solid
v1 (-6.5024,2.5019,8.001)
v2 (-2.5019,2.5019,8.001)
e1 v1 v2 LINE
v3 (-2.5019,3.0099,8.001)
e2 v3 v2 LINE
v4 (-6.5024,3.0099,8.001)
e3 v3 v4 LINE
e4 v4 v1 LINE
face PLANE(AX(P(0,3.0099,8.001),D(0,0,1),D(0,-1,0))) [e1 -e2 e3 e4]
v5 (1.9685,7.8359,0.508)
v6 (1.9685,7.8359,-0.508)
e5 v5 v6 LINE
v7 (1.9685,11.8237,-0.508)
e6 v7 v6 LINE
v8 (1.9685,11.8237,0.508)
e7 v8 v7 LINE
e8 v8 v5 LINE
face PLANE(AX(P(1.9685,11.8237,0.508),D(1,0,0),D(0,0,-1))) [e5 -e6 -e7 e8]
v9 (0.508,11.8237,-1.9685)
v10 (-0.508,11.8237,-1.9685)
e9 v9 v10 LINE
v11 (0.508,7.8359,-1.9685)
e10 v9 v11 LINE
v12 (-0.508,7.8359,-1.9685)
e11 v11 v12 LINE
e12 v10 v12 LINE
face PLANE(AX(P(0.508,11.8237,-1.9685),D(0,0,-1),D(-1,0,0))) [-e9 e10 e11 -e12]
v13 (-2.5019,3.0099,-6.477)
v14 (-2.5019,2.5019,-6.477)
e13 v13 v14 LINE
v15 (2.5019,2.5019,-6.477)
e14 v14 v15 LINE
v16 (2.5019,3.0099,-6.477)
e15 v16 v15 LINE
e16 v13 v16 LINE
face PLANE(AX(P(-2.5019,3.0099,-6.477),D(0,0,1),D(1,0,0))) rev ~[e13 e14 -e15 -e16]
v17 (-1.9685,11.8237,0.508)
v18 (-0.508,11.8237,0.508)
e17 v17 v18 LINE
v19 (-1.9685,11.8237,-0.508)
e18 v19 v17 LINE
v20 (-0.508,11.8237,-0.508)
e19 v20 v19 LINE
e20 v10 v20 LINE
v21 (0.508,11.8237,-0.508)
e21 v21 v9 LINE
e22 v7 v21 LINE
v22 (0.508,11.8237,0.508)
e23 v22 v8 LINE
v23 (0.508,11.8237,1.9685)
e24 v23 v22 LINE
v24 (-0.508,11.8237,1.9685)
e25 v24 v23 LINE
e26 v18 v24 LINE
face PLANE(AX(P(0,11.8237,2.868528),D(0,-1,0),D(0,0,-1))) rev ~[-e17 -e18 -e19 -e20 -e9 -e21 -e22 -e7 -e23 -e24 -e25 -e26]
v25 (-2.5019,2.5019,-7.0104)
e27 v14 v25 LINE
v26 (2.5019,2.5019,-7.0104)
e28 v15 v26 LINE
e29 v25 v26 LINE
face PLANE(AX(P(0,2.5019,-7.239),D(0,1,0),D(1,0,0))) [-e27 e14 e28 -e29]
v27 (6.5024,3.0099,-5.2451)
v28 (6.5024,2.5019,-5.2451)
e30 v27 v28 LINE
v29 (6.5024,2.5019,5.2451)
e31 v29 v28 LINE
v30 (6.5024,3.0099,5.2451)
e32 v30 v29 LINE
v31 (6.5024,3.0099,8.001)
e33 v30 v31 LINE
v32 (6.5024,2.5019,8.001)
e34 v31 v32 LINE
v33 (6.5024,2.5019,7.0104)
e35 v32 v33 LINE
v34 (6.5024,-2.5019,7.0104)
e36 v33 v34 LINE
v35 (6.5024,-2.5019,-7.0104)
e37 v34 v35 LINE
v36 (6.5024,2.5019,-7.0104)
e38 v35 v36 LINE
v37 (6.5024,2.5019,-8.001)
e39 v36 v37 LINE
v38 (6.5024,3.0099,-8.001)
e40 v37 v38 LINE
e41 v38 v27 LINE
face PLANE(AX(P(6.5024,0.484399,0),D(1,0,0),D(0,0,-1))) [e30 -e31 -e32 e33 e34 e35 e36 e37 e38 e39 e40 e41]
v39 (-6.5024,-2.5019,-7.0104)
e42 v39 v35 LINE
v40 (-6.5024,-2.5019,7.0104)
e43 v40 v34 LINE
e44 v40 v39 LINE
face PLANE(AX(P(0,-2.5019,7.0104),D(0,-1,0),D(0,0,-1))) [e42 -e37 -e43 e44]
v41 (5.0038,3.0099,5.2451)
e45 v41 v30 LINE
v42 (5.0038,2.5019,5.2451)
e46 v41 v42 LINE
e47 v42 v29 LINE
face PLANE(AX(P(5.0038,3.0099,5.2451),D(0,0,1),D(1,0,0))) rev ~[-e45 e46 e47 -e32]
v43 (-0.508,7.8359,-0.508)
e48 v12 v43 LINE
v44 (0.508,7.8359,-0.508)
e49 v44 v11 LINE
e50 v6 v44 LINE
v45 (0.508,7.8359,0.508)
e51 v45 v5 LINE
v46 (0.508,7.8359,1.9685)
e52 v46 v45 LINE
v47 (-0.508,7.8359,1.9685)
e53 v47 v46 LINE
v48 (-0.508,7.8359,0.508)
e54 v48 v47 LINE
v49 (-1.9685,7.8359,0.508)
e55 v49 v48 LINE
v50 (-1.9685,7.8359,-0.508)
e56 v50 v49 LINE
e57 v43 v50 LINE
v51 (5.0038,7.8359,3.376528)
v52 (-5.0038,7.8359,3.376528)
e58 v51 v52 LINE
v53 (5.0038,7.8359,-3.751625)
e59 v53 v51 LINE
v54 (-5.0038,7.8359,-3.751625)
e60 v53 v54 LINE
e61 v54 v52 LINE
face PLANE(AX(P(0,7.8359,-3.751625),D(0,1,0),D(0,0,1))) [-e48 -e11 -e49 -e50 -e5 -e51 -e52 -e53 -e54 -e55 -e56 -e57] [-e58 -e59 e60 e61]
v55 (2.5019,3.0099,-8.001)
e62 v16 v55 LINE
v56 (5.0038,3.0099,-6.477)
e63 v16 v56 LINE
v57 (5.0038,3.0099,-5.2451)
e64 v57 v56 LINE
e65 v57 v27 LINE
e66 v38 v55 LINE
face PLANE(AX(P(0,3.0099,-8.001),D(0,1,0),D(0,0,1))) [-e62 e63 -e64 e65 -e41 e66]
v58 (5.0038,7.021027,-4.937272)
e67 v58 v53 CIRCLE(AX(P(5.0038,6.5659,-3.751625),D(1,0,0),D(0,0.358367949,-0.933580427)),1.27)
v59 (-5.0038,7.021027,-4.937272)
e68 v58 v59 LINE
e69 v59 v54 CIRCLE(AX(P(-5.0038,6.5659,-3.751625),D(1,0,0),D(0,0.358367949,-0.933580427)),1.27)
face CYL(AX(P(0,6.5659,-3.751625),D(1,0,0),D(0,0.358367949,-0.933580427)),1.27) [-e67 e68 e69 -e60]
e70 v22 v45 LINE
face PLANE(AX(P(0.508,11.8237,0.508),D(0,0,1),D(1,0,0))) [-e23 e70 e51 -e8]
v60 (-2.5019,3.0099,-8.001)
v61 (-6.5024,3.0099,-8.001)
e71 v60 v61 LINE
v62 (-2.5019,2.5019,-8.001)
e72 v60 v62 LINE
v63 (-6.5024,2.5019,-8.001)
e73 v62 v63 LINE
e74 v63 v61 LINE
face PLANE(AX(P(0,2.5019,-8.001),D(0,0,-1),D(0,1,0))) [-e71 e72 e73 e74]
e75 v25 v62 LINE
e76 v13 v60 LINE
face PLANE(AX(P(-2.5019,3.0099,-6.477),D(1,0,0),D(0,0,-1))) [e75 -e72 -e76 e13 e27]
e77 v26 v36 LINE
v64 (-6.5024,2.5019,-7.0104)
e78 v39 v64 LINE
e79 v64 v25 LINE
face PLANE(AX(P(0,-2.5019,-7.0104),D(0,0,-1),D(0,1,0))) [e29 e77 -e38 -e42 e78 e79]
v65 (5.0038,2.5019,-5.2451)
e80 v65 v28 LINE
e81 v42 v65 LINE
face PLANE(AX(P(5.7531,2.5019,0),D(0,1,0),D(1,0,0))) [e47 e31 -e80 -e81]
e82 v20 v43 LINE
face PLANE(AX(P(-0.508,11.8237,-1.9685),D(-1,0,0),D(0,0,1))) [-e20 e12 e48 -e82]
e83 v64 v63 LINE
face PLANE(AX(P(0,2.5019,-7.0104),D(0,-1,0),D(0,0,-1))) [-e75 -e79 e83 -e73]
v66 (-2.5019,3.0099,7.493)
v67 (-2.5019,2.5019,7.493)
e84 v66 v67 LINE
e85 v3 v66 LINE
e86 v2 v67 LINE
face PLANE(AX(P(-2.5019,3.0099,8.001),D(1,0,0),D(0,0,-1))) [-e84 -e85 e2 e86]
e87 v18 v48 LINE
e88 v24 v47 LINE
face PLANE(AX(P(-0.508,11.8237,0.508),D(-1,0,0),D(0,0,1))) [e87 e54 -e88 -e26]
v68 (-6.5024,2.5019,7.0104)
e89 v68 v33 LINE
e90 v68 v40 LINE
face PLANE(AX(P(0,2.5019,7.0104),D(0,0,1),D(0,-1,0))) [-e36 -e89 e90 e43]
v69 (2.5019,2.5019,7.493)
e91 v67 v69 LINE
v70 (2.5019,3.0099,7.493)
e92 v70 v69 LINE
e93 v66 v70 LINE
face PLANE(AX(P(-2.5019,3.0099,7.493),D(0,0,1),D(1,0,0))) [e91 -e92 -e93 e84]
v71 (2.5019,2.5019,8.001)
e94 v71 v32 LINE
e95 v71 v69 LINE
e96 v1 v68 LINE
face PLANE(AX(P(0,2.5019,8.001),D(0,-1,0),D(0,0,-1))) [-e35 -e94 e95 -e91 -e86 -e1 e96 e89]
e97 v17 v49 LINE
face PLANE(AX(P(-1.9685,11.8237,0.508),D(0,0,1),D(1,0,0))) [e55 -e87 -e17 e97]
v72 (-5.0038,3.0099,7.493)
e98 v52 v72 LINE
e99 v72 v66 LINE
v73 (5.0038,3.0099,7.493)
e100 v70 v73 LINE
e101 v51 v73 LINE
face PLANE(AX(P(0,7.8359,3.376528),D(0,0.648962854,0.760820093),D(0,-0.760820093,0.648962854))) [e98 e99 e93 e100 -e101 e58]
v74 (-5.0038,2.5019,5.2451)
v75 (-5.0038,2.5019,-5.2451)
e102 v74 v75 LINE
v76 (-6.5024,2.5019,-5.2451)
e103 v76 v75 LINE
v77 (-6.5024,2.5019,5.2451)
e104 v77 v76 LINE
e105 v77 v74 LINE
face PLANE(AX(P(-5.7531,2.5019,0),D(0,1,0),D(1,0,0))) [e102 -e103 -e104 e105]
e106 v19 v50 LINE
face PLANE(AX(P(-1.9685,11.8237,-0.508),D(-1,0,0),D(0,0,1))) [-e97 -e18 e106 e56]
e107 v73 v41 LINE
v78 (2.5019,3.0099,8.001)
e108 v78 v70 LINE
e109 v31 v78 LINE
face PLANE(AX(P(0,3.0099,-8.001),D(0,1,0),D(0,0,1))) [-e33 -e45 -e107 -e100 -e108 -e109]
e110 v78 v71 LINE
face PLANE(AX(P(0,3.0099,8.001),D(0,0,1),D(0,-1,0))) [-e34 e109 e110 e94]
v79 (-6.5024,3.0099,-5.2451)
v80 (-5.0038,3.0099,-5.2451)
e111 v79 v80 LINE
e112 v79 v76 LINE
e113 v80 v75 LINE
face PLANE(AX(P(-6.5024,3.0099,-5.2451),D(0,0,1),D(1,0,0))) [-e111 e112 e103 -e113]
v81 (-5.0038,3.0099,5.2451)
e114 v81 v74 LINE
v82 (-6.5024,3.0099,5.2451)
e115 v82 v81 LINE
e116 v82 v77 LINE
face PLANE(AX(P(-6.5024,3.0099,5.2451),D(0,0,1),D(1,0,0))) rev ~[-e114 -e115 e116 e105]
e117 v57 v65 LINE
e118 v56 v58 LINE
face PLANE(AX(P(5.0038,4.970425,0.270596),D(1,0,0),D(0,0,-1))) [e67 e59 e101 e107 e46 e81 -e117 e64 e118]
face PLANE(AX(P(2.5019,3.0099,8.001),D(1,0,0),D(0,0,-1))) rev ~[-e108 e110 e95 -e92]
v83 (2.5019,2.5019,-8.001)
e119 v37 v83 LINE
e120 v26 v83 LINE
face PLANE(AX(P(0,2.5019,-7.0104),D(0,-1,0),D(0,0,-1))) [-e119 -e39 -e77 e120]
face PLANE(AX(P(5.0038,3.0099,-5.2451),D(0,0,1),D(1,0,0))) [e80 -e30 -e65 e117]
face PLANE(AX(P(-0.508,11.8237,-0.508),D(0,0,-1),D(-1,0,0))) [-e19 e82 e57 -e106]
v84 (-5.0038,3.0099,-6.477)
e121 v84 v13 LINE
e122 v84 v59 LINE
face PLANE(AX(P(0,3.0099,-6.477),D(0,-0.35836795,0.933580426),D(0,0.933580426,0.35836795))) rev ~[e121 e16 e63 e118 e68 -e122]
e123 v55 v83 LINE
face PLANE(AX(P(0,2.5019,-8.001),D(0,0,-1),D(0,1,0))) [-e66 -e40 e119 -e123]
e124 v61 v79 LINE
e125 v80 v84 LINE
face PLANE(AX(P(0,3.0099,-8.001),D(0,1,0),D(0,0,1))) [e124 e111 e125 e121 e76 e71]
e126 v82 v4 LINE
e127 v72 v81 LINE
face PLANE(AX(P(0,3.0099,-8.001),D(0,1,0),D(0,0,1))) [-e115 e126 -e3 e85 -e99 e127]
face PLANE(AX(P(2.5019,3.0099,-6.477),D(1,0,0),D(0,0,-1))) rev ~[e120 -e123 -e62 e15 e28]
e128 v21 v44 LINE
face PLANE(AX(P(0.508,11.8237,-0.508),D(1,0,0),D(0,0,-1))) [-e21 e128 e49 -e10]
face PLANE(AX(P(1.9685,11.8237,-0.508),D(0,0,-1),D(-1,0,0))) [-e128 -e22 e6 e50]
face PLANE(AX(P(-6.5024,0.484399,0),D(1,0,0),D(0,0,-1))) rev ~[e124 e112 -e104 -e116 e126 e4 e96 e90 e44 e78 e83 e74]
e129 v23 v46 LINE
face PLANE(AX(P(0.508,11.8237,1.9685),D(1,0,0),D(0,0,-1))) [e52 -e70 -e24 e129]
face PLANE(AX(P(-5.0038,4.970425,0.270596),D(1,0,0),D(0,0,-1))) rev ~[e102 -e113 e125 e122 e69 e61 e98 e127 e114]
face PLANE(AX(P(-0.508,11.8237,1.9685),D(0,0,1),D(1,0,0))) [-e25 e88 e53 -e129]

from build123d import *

# Parameters (mm, degrees)
SALIENTE_EXTRUIR1_DEPTH      = 6.5024
SALIENTE_EXTRUIR1_DEPTH_BACK = 6.5024
SALIENTE_EXTRUIR2_DEPTH      = 5.0038
SALIENTE_EXTRUIR2_DEPTH_BACK = 5.0038
CROQUIS1_4_W                 = 5.9944
CROQUIS1_4_H                 = 3.9878
SALIENTE_EXTRUIR3_DEPTH      = 3.4671
SALIENTE_EXTRUIR3_DEPTH_BACK = 3.4671
CROQUIS2_W                   = 5.0038
CROQUIS2_H                   = 0.508
CROQUIS2_H_2                 = 1.524
CROQUIS2_W_2                 = 1.4986
CROQUIS2_H_3                 = 10.4902
CORTAR_EXTRUIR1_DEPTH        = 0.508
CROQUIS3_OUTSIDE_W           = 20.026
CROQUIS3_OUTSIDE_H           = 23.024
CORTAR_EXTRUIR2_DEPTH        = 3.9878
CORTAR_EXTRUIR3_DEPTH        = 3.9878


with BuildPart() as part:
    # Croquis1 → Saliente-Extruir1 (new body, two sides)
    with BuildSketch(Plane(origin=(0, 0, 0), x_dir=(0, 0, -1), z_dir=(1, 0, 0))) as saliente_extruir1_sk:
        Polygon((-3.5052, 3.0099), (-7.493, 3.0099), (-8.001, 3.0099), (-8.001, 2.5019), (-7.0104, 2.5019), (-7.0104, -2.5019), (7.0104, -2.5019), (7.0104, 2.5019), (8.001, 2.5019), (8.001, 3.0099), (6.477, 3.0099), align=None)
    extrude(amount=SALIENTE_EXTRUIR1_DEPTH)
    extrude(saliente_extruir1_sk.sketch, amount=-SALIENTE_EXTRUIR1_DEPTH_BACK)

    # Croquis1<3> → Saliente-Extruir2 (add, two sides)
    with BuildSketch(Plane(origin=(0, 0, 0), x_dir=(0, 0, -1), z_dir=(1, 0, 0))) as saliente_extruir2_sk:
        with BuildLine():
            Line((-2.868527833, 7.8359), (-3.376527833, 7.8359))
            Line((-3.376527833, 7.8359), (-7.493, 3.0099))
            Line((-7.493, 3.0099), (-3.5052, 3.0099))
            Line((-3.5052, 3.0099), (6.477, 3.0099))
            Line((6.477, 3.0099), (4.937272491, 7.021027296))
            ThreePointArc((4.937272491, 7.021027296), (4.47096127, 7.61254026), (3.751625349, 7.8359))
            Line((3.751625349, 7.8359), (3.125872167, 7.8359))
            Line((3.125872167, 7.8359), (-2.868527833, 7.8359))
        make_face()
    extrude(amount=SALIENTE_EXTRUIR2_DEPTH)
    extrude(saliente_extruir2_sk.sketch, amount=-SALIENTE_EXTRUIR2_DEPTH_BACK)

    # Croquis1<4> → Saliente-Extruir3 (add, two sides)
    with BuildSketch(Plane(origin=(0, 0, 0), x_dir=(0, 0, -1), z_dir=(1, 0, 0))) as saliente_extruir3_sk:
        with Locations((0.128672167, 9.8298)):
            Rectangle(CROQUIS1_4_W, CROQUIS1_4_H)
    extrude(amount=SALIENTE_EXTRUIR3_DEPTH)
    extrude(saliente_extruir3_sk.sketch, amount=-SALIENTE_EXTRUIR3_DEPTH_BACK)

    # Croquis2 → Cortar-Extruir1 (cut)
    with BuildSketch(Plane(origin=(0, 3.0099, 0), x_dir=(1, 0, 0), z_dir=(0, 1, 0))):
        with Locations((0, -7.747)):
            Rectangle(CROQUIS2_W, CROQUIS2_H)
        with Locations((0, 7.239)):
            Rectangle(CROQUIS2_W, CROQUIS2_H_2)
        with Locations((-5.7531, 0)):
            Rectangle(CROQUIS2_W_2, CROQUIS2_H_3)
        with Locations((5.7531, 0)):
            Rectangle(CROQUIS2_W_2, CROQUIS2_H_3)
    extrude(amount=-CORTAR_EXTRUIR1_DEPTH, mode=Mode.SUBTRACT)

    # Croquis3 outside → Cortar-Extruir2 (cut)
    with BuildSketch(Plane(origin=(0, 11.8237, 0), x_dir=(1, 0, 0), z_dir=(0, 1, 0))):
        Rectangle(CROQUIS3_OUTSIDE_W, CROQUIS3_OUTSIDE_H)
        Polygon((-3.4671, 3.125872167), (-3.4671, -2.868527833), (-1.9685, -2.868527833), (-1.9685, -2.614527833), (-3.2131, -2.614527833), (-3.2131, 2.871872167), (-1.9685, 2.871872167), (-1.9685, 3.125872167), align=None, mode=Mode.SUBTRACT)
        Polygon((0.508, 1.9685), (-0.508, 1.9685), (-0.508, 0.508), (-1.9685, 0.508), (-1.9685, -0.508), (-0.508, -0.508), (-0.508, -1.9685), (0.508, -1.9685), (0.508, -0.508), (1.9685, -0.508), (1.9685, 0.508), (0.508, 0.508), align=None, mode=Mode.SUBTRACT)
        Polygon((3.2131, 2.871872167), (3.2131, -2.614527833), (1.9685, -2.614527833), (1.9685, -2.868527833), (3.4671, -2.868527833), (3.4671, 3.125872167), (1.9685, 3.125872167), (1.9685, 2.871872167), align=None, mode=Mode.SUBTRACT)
    extrude(amount=-CORTAR_EXTRUIR2_DEPTH, mode=Mode.SUBTRACT)

    # Croquis3<2> → Cortar-Extruir3 (cut)
    with BuildSketch(Plane(origin=(0, 11.8237, 0), x_dir=(1, 0, 0), z_dir=(0, 1, 0))):
        Polygon((-3.4671, 3.125872167), (-3.4671, -2.868527833), (-1.9685, -2.868527833), (-1.9685, -2.614527833), (-3.2131, -2.614527833), (-3.2131, 2.871872167), (-1.9685, 2.871872167), (-1.9685, 3.125872167), align=None)
        Polygon((3.2131, 2.871872167), (3.2131, -2.614527833), (1.9685, -2.614527833), (1.9685, -2.868527833), (3.4671, -2.868527833), (3.4671, 3.125872167), (1.9685, 3.125872167), (1.9685, 2.871872167), align=None)
    extrude(amount=-CORTAR_EXTRUIR3_DEPTH, mode=Mode.SUBTRACT)


solid = part.part
